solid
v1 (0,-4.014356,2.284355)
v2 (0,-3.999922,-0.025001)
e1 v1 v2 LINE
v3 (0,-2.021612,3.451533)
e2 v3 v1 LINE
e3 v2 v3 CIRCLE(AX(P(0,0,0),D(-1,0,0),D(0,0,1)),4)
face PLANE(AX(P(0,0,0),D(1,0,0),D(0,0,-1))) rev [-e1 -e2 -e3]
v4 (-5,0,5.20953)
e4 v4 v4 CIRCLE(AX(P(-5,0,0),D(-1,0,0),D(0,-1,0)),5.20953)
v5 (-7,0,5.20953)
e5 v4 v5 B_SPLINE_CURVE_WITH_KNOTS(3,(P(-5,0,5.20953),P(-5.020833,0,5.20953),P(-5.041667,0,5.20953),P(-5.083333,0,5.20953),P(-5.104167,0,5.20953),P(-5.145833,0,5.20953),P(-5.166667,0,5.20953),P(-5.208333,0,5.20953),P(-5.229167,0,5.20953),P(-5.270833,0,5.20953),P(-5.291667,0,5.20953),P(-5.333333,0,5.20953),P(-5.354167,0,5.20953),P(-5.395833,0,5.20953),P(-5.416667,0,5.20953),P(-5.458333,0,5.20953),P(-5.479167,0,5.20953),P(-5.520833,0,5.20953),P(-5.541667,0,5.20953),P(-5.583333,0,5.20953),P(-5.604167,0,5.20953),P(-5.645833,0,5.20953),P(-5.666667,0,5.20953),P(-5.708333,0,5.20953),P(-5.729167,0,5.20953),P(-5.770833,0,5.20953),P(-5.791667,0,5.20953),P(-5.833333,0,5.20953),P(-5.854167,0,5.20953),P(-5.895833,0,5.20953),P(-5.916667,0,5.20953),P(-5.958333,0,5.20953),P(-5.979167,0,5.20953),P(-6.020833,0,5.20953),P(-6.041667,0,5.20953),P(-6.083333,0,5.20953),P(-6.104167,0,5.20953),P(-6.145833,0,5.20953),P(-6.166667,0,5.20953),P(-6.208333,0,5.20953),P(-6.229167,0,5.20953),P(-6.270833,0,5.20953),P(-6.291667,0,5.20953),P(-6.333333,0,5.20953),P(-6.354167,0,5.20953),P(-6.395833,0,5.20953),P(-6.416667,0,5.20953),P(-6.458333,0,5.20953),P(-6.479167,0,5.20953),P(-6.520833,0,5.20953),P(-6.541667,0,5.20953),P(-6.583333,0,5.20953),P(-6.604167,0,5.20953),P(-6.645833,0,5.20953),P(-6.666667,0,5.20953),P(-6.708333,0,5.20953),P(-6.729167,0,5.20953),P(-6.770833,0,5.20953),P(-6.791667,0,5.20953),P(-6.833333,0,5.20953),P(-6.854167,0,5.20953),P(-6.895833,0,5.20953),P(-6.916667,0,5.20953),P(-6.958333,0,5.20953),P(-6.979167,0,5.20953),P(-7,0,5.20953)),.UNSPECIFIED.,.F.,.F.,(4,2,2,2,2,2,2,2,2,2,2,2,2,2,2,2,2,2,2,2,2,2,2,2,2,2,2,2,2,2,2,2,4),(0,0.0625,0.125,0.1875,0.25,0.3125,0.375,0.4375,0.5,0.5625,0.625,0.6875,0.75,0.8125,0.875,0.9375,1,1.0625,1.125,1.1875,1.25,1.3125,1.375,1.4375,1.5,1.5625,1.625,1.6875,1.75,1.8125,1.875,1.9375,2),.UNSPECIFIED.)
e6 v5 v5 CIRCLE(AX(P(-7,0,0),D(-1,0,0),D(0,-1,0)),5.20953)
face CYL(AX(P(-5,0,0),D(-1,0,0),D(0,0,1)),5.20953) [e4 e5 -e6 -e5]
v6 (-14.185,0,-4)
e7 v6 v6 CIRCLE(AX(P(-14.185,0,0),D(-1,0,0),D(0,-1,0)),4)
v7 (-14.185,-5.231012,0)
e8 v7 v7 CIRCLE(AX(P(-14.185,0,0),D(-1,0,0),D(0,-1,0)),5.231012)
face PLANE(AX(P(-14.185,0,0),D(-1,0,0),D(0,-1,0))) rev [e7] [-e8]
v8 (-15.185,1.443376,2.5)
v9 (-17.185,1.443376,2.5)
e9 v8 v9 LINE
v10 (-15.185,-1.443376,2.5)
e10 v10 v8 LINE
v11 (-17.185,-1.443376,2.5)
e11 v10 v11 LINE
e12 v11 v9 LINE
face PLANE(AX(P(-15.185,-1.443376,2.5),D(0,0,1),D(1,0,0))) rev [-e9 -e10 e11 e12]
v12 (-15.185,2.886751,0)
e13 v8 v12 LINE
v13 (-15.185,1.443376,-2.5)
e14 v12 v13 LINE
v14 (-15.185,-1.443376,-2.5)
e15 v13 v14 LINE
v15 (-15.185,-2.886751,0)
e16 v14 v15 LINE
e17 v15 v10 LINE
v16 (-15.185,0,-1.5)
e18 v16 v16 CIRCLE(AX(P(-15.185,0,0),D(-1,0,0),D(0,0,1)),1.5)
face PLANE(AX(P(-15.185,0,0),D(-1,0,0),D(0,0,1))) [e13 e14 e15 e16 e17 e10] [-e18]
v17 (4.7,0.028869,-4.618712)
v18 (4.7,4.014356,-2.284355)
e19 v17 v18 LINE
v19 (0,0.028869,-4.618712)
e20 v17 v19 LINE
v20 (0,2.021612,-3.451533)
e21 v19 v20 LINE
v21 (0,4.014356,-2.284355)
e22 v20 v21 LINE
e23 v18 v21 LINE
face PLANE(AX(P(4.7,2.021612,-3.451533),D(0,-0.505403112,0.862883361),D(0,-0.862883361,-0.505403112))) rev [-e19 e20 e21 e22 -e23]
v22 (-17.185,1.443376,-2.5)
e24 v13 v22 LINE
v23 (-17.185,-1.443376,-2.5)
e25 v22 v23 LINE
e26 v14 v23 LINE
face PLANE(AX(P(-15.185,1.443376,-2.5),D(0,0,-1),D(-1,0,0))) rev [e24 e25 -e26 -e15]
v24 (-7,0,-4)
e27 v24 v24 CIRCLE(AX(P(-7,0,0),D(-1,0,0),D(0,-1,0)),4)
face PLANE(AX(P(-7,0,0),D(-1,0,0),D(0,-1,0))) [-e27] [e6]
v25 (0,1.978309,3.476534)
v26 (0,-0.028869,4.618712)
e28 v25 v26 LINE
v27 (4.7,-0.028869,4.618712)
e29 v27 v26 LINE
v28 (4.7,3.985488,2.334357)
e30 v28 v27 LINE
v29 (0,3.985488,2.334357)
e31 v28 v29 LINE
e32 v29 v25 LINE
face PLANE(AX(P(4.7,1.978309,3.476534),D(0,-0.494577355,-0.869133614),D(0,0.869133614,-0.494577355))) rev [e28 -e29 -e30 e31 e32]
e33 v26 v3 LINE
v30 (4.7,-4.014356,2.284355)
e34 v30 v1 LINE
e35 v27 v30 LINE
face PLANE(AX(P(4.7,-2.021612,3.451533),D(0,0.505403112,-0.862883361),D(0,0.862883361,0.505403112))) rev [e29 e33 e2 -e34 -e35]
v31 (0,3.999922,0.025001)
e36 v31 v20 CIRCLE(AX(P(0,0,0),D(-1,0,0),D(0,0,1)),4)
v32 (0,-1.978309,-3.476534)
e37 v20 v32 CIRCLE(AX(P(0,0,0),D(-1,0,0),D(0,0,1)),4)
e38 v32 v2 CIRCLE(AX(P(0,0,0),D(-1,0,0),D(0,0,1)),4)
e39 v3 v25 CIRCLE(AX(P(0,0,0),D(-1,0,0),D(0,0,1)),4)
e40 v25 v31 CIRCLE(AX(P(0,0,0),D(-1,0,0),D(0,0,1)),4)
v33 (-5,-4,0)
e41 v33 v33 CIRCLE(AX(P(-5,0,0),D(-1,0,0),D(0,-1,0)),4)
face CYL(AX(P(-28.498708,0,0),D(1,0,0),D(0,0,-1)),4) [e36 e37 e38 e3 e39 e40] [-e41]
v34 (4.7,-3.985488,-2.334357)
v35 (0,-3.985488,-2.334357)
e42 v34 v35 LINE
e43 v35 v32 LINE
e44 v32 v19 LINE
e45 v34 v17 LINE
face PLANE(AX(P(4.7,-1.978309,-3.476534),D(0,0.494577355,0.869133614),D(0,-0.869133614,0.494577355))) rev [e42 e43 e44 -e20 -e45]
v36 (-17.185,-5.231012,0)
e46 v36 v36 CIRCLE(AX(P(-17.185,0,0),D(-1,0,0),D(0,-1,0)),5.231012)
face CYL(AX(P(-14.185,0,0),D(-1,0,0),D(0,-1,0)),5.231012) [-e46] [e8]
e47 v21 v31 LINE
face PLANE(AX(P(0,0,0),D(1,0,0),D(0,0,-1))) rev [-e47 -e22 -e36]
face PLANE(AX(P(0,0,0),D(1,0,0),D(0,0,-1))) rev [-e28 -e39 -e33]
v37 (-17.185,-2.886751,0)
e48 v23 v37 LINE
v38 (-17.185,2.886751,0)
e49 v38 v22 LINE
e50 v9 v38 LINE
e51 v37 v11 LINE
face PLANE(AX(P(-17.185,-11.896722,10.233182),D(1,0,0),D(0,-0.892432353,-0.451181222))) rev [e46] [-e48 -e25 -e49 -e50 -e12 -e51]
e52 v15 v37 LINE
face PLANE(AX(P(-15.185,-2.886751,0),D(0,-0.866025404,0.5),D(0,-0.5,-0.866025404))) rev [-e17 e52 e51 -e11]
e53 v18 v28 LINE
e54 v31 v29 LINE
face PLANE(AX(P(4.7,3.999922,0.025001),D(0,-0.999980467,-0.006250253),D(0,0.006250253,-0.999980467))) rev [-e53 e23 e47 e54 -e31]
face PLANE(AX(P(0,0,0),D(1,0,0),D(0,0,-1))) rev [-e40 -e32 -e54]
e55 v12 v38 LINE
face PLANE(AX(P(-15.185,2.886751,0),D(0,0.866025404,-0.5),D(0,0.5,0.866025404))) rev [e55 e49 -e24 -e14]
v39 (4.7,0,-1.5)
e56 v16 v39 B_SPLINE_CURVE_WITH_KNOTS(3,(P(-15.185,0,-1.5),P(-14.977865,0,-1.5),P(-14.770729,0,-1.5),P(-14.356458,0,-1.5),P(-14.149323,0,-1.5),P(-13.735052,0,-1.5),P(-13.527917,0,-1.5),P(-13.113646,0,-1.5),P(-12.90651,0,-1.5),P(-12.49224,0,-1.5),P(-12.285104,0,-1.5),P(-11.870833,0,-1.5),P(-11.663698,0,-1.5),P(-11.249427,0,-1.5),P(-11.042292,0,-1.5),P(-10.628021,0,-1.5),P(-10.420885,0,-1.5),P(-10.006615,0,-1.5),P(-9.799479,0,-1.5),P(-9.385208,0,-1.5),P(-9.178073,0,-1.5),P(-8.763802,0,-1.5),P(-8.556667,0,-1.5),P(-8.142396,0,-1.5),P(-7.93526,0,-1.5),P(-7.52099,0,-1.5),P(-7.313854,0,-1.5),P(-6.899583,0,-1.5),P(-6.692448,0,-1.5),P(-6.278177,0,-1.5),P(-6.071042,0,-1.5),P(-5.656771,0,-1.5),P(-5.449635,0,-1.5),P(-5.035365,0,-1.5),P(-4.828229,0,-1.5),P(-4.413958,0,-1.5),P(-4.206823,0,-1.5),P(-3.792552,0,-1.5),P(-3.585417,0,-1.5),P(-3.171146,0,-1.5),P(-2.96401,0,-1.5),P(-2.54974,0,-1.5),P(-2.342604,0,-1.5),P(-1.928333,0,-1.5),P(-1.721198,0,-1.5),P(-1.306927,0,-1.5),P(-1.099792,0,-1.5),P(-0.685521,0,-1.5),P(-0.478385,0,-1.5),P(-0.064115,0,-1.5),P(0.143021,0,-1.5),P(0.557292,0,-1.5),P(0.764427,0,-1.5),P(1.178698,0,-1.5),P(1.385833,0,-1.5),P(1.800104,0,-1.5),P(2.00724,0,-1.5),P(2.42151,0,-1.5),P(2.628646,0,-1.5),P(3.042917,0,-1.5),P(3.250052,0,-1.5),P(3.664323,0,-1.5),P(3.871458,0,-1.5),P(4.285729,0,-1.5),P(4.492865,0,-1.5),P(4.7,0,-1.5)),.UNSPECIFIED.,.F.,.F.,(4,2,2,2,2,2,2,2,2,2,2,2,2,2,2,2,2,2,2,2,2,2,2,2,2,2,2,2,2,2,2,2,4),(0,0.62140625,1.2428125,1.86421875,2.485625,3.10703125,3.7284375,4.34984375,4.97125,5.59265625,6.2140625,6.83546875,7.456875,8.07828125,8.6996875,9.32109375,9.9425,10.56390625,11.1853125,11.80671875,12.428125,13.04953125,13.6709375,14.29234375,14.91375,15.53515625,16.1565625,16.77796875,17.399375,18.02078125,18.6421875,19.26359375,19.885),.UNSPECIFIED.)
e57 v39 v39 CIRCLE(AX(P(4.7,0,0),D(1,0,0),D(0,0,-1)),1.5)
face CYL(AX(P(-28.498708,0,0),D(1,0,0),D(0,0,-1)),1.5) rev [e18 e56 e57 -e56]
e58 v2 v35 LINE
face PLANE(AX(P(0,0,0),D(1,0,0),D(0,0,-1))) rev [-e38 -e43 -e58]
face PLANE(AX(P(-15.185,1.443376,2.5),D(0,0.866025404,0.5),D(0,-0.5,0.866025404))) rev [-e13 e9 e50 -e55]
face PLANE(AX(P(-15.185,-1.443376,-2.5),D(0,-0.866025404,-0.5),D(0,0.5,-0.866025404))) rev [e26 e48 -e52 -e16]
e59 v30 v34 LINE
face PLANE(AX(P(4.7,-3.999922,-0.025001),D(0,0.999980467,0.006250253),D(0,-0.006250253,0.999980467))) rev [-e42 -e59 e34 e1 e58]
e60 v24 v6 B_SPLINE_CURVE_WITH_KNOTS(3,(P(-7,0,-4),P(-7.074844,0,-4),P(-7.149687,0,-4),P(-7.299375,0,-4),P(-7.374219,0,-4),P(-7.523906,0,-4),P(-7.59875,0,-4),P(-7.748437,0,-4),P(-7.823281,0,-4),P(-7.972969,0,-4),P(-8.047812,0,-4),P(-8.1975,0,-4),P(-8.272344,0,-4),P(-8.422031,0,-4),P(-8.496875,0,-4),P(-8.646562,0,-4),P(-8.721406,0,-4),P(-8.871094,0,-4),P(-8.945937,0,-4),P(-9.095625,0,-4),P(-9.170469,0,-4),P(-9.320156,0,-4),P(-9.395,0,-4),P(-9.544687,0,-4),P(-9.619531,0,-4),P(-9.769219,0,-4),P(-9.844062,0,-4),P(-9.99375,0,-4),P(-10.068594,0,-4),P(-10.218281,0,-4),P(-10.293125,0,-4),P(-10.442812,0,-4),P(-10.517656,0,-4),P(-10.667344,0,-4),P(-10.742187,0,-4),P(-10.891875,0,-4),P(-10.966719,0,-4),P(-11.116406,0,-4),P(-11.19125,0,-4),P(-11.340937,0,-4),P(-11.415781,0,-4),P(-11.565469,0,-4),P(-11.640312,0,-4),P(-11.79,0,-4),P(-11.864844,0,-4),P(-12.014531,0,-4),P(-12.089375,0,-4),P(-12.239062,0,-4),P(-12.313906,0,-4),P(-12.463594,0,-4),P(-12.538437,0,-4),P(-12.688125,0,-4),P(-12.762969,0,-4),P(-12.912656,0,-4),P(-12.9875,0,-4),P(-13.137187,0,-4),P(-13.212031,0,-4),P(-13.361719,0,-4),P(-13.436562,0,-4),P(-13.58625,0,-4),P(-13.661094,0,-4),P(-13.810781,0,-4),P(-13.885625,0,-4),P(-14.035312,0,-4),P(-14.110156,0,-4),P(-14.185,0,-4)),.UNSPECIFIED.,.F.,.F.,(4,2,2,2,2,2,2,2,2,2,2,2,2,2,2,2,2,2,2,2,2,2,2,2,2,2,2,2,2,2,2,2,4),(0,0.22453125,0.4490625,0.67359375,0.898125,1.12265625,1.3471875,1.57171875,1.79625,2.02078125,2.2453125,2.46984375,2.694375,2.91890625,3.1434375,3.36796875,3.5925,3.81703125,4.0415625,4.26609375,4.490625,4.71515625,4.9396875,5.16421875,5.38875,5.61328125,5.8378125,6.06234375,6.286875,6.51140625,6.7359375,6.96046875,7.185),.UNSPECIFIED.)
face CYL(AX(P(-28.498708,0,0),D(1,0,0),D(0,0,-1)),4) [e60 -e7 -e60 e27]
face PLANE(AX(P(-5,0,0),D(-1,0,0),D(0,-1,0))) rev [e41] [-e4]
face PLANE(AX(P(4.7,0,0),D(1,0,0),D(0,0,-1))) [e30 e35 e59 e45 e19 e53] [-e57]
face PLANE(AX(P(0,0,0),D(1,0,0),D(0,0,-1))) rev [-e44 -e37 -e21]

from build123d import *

# Parameters (mm, degrees)
BOSS_EXTRUDE1_DEPTH     = 4.7
SKETCH3_R               = 4
SKETCH3_R_2             = 1.5
BOSS_EXTRUDE2_DEPTH     = 17.185
SKETCH4_R               = 5.231012233
BOSS_EXTRUDE3_DEPTH     = 3
CUT_EXTRUDE1_DEPTH      = 24.101519495
CUT_EXTRUDE1_DEPTH_BACK = 24.101519495
SKETCH2_R               = 1.5
CUT_EXTRUDE4_DEPTH      = 2
BOSS_EXTRUDE5_START     = -7
SKETCH7_R               = 5.209530261
SKETCH7_R_2             = 1.5
BOSS_EXTRUDE5_DEPTH     = 2


with BuildPart() as part:
    # Sketch1 → Boss-Extrude1 (new body)
    with BuildSketch(Plane(origin=(0, 0, 0), x_dir=(0, 0, -1), z_dir=(1, 0, 0))):
        Polygon((-4.618711934, -0.028868683), (-2.284354955, -4.014356209), (2.33435698, -3.985487527), (4.618711934, 0.028868683), (2.284354955, 4.014356209), (-2.33435698, 3.985487527), align=None)
    extrude(amount=BOSS_EXTRUDE1_DEPTH)

    # Sketch3 → Boss-Extrude2 (add)
    with BuildSketch(Plane.ZY):
        with Locations(Location((0, 0, 0), (0, 0, 209.641884541))):
            Circle(SKETCH3_R)
        with Locations(Location((0, 0, 0), (0, 0, 180))):
            Circle(SKETCH3_R_2, mode=Mode.SUBTRACT)
    extrude(amount=BOSS_EXTRUDE2_DEPTH)

    # Sketch4 → Boss-Extrude3 (add)
    with BuildSketch(Plane.ZY.offset(17.185)):
        with Locations(Location((0, 0, 0), (0, 0, 270))):
            Circle(SKETCH4_R)
    extrude(amount=-BOSS_EXTRUDE3_DEPTH)

    # Sketch2 → Cut-Extrude1 (cut, two sides: drawn at the far end of the back side and taken through both)
    with BuildSketch(Plane(origin=(4.7, 0, 0), x_dir=(0, 0, -1), z_dir=(1, 0, 0)).offset(-CUT_EXTRUDE1_DEPTH_BACK)):
        Circle(SKETCH2_R)
    extrude(amount=CUT_EXTRUDE1_DEPTH + CUT_EXTRUDE1_DEPTH_BACK, mode=Mode.SUBTRACT)

    # Sketch6 → Cut-Extrude4 (cut)
    with BuildSketch(Plane.ZY.offset(17.185)):
        Polygon((0, -2.886751346), (2.5, -1.443375673), (2.5, 1.443375673), (0, 2.886751346), (-2.5, 1.443375673), (-2.5, -1.443375673), align=None)
    extrude(amount=-CUT_EXTRUDE4_DEPTH, mode=Mode.SUBTRACT)

    # Sketch7 → Boss-Extrude5 (add)
    with BuildSketch(Plane(origin=(0, 0, 0), x_dir=(0, 0, -1), z_dir=(1, 0, 0)).offset(BOSS_EXTRUDE5_START)):
        with Locations(Location((0, 0, 0), (0, 0, 180))):
            Circle(SKETCH7_R)
        Circle(SKETCH7_R_2, mode=Mode.SUBTRACT)
    extrude(amount=BOSS_EXTRUDE5_DEPTH)


solid = part.part
